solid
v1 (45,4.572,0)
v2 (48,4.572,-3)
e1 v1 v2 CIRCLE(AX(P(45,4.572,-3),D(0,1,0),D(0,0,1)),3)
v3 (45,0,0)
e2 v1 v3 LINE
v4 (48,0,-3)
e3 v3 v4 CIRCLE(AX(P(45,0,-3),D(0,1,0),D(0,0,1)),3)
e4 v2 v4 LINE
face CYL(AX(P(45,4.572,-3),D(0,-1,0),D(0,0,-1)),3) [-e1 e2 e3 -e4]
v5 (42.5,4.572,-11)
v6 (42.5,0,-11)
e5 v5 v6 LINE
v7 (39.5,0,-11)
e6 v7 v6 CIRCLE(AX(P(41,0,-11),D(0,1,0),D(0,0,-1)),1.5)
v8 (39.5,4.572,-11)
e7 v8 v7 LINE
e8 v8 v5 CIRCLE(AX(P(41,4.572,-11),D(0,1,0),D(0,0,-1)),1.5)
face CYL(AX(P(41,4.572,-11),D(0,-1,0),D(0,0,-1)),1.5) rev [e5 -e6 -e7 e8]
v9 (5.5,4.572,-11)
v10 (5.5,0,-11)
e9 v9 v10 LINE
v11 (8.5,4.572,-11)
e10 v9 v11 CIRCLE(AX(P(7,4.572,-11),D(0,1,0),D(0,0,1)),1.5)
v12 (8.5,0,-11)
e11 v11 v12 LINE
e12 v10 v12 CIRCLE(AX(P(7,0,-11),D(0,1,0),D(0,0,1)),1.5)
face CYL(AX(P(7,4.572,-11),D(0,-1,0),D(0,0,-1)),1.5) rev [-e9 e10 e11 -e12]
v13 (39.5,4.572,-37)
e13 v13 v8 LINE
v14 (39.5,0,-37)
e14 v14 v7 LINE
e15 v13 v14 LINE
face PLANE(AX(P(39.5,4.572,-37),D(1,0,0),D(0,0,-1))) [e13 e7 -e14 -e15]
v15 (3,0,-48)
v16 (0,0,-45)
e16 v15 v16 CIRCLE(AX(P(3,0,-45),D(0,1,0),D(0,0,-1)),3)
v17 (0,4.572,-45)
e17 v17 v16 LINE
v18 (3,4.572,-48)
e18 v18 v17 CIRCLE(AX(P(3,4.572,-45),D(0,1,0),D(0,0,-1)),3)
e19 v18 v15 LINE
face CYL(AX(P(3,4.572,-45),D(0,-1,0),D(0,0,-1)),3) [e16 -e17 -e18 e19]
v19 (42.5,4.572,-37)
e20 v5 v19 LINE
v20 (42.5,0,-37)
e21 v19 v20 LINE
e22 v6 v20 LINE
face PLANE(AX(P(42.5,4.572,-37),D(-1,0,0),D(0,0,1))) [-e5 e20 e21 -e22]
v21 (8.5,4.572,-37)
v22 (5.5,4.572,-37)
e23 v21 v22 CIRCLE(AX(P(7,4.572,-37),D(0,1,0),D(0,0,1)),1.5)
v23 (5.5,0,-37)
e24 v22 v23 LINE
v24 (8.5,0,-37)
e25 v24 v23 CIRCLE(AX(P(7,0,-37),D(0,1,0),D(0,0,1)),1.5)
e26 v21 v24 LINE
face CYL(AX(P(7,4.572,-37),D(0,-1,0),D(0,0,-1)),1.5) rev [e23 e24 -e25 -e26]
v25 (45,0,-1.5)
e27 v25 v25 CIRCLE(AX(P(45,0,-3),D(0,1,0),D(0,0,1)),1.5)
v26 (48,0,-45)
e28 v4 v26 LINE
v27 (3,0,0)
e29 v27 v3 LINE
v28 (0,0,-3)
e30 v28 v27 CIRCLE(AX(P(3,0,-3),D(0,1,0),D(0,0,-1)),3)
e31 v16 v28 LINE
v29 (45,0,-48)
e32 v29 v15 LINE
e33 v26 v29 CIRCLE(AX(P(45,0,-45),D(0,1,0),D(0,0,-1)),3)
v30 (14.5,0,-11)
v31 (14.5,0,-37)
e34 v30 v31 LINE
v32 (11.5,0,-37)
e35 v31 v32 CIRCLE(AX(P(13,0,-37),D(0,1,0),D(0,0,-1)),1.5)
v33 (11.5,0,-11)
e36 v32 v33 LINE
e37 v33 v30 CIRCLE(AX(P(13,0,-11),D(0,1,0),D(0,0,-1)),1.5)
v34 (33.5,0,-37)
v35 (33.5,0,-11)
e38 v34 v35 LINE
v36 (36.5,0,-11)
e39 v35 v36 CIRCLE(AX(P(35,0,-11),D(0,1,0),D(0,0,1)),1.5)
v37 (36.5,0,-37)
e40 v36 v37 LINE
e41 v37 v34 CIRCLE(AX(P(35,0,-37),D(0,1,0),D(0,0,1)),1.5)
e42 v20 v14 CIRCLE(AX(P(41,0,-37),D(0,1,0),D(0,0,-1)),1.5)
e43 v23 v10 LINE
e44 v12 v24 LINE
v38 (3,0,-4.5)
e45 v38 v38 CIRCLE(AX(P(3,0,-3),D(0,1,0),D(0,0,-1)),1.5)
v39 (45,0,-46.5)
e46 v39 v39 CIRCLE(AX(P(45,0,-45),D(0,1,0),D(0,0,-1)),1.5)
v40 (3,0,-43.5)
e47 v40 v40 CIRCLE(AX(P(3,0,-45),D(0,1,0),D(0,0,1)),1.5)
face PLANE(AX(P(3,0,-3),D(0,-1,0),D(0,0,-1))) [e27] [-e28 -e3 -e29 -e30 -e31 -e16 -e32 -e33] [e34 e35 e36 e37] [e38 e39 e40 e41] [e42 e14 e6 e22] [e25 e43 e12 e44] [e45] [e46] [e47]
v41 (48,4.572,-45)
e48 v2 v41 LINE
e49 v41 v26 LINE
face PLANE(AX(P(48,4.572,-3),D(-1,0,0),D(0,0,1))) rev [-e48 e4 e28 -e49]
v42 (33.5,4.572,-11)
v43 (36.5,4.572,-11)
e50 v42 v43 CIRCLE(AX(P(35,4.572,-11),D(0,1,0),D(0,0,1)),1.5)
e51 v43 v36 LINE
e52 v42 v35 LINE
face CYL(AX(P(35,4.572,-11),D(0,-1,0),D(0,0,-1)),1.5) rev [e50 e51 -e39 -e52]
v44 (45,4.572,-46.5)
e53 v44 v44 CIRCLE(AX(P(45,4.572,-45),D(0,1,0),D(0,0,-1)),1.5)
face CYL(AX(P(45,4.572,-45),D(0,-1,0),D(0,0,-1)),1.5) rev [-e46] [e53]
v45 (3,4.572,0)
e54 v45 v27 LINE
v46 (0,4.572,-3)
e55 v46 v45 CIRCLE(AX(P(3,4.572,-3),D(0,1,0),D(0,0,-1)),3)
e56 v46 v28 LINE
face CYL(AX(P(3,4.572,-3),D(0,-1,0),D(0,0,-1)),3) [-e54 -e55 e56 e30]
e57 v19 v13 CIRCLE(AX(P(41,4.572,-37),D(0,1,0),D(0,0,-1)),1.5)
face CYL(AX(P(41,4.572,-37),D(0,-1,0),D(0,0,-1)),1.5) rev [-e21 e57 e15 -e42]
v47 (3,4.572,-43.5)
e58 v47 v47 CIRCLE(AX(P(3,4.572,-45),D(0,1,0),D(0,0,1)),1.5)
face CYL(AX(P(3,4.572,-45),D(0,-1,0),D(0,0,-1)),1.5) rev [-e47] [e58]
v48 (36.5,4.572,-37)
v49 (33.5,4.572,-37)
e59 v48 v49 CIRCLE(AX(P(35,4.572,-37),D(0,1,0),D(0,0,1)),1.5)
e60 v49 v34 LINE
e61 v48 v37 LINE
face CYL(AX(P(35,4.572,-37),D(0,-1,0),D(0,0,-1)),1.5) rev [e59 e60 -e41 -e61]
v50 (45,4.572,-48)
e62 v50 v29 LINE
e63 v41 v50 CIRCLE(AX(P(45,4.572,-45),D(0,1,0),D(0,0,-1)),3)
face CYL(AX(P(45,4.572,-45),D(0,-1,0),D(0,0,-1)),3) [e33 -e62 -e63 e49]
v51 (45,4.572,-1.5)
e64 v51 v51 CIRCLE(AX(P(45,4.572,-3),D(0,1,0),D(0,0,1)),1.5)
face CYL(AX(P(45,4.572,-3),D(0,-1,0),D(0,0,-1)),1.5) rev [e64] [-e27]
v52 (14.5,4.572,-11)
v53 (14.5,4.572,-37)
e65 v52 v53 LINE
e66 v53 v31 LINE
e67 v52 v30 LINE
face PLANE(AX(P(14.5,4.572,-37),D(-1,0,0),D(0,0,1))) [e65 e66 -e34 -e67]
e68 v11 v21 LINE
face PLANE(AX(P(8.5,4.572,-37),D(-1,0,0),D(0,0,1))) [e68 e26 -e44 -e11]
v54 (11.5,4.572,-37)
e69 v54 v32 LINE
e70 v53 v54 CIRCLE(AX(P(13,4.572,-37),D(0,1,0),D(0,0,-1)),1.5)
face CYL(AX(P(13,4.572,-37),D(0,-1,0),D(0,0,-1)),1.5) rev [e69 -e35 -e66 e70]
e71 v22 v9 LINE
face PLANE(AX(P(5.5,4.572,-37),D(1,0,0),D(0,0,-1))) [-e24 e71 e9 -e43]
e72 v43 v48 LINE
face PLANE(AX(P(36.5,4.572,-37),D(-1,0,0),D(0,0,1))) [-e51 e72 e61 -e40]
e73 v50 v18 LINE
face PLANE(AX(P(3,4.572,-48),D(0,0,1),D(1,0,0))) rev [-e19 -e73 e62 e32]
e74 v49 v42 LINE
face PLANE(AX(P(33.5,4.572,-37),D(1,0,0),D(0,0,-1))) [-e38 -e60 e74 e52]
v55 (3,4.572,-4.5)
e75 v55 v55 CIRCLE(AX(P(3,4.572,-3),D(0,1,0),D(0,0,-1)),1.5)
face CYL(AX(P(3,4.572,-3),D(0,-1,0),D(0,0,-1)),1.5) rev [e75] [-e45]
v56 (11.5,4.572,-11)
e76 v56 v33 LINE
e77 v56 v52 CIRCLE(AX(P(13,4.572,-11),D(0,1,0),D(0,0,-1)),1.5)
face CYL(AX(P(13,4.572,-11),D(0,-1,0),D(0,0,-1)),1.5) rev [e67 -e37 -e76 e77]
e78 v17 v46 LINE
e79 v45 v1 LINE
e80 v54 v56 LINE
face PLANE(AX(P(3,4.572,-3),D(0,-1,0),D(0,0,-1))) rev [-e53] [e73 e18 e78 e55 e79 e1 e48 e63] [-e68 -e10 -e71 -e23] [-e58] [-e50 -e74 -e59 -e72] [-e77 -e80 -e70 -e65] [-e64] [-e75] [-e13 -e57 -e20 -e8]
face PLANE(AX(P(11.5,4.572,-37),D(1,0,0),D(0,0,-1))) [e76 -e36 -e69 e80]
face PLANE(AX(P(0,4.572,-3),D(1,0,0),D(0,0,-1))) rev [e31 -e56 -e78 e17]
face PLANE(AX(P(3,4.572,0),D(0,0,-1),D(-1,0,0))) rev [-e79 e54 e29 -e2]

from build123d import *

# Parameters (mm, degrees)
SKETCH3_R           = 1.5
BOSS_EXTRUDE1_DEPTH = 4.572


with BuildPart() as part:
    # Sketch3 → Boss-Extrude1 (new body)
    with BuildSketch(Plane(origin=(0, 0, 0), x_dir=(1, 0, 0), z_dir=(0, 1, 0))):
        with BuildLine():
            Line((3, 0), (45, 0))
            ThreePointArc((45, 0), (47.121320344, 0.878679656), (48, 3))
            Line((48, 3), (48, 45))
            ThreePointArc((48, 45), (47.121320344, 47.121320344), (45, 48))
            Line((45, 48), (3, 48))
            ThreePointArc((3, 48), (0.878679656, 47.121320344), (0, 45))
            Line((0, 45), (0, 3))
            ThreePointArc((0, 3), (0.878679656, 0.878679656), (3, 0))
        make_face()
        with Locations(Location((3, 45, 0), (0, 0, 270))):
            Circle(SKETCH3_R, mode=Mode.SUBTRACT)
        with Locations(Location((3, 3, 0), (0, 0, 90))):
            Circle(SKETCH3_R, mode=Mode.SUBTRACT)
        with Locations(Location((45, 3, 0), (0, 0, 270))):
            Circle(SKETCH3_R, mode=Mode.SUBTRACT)
        with Locations(Location((45, 45, 0), (0, 0, 90))):
            Circle(SKETCH3_R, mode=Mode.SUBTRACT)
        with BuildLine():
            Line((8.5, 37), (8.5, 11))
            ThreePointArc((8.5, 11), (7, 9.5), (5.5, 11))
            Line((5.5, 11), (5.5, 37))
            ThreePointArc((5.5, 37), (7, 38.5), (8.5, 37))
        make_face(mode=Mode.SUBTRACT)
        with BuildLine():
            Line((11.5, 37), (11.5, 11))
            ThreePointArc((11.5, 11), (13, 9.5), (14.5, 11))
            Line((14.5, 11), (14.5, 37))
            ThreePointArc((14.5, 37), (13, 38.5), (11.5, 37))
        make_face(mode=Mode.SUBTRACT)
        with BuildLine():
            Line((36.5, 37), (36.5, 11))
            ThreePointArc((36.5, 11), (35, 9.5), (33.5, 11))
            Line((33.5, 11), (33.5, 37))
            ThreePointArc((33.5, 37), (35, 38.5), (36.5, 37))
        make_face(mode=Mode.SUBTRACT)
        with BuildLine():
            Line((39.5, 37), (39.5, 11))
            ThreePointArc((39.5, 11), (41, 9.5), (42.5, 11))
            Line((42.5, 11), (42.5, 37))
            ThreePointArc((42.5, 37), (41, 38.5), (39.5, 37))
        make_face(mode=Mode.SUBTRACT)
    extrude(amount=BOSS_EXTRUDE1_DEPTH)


solid = part.part
